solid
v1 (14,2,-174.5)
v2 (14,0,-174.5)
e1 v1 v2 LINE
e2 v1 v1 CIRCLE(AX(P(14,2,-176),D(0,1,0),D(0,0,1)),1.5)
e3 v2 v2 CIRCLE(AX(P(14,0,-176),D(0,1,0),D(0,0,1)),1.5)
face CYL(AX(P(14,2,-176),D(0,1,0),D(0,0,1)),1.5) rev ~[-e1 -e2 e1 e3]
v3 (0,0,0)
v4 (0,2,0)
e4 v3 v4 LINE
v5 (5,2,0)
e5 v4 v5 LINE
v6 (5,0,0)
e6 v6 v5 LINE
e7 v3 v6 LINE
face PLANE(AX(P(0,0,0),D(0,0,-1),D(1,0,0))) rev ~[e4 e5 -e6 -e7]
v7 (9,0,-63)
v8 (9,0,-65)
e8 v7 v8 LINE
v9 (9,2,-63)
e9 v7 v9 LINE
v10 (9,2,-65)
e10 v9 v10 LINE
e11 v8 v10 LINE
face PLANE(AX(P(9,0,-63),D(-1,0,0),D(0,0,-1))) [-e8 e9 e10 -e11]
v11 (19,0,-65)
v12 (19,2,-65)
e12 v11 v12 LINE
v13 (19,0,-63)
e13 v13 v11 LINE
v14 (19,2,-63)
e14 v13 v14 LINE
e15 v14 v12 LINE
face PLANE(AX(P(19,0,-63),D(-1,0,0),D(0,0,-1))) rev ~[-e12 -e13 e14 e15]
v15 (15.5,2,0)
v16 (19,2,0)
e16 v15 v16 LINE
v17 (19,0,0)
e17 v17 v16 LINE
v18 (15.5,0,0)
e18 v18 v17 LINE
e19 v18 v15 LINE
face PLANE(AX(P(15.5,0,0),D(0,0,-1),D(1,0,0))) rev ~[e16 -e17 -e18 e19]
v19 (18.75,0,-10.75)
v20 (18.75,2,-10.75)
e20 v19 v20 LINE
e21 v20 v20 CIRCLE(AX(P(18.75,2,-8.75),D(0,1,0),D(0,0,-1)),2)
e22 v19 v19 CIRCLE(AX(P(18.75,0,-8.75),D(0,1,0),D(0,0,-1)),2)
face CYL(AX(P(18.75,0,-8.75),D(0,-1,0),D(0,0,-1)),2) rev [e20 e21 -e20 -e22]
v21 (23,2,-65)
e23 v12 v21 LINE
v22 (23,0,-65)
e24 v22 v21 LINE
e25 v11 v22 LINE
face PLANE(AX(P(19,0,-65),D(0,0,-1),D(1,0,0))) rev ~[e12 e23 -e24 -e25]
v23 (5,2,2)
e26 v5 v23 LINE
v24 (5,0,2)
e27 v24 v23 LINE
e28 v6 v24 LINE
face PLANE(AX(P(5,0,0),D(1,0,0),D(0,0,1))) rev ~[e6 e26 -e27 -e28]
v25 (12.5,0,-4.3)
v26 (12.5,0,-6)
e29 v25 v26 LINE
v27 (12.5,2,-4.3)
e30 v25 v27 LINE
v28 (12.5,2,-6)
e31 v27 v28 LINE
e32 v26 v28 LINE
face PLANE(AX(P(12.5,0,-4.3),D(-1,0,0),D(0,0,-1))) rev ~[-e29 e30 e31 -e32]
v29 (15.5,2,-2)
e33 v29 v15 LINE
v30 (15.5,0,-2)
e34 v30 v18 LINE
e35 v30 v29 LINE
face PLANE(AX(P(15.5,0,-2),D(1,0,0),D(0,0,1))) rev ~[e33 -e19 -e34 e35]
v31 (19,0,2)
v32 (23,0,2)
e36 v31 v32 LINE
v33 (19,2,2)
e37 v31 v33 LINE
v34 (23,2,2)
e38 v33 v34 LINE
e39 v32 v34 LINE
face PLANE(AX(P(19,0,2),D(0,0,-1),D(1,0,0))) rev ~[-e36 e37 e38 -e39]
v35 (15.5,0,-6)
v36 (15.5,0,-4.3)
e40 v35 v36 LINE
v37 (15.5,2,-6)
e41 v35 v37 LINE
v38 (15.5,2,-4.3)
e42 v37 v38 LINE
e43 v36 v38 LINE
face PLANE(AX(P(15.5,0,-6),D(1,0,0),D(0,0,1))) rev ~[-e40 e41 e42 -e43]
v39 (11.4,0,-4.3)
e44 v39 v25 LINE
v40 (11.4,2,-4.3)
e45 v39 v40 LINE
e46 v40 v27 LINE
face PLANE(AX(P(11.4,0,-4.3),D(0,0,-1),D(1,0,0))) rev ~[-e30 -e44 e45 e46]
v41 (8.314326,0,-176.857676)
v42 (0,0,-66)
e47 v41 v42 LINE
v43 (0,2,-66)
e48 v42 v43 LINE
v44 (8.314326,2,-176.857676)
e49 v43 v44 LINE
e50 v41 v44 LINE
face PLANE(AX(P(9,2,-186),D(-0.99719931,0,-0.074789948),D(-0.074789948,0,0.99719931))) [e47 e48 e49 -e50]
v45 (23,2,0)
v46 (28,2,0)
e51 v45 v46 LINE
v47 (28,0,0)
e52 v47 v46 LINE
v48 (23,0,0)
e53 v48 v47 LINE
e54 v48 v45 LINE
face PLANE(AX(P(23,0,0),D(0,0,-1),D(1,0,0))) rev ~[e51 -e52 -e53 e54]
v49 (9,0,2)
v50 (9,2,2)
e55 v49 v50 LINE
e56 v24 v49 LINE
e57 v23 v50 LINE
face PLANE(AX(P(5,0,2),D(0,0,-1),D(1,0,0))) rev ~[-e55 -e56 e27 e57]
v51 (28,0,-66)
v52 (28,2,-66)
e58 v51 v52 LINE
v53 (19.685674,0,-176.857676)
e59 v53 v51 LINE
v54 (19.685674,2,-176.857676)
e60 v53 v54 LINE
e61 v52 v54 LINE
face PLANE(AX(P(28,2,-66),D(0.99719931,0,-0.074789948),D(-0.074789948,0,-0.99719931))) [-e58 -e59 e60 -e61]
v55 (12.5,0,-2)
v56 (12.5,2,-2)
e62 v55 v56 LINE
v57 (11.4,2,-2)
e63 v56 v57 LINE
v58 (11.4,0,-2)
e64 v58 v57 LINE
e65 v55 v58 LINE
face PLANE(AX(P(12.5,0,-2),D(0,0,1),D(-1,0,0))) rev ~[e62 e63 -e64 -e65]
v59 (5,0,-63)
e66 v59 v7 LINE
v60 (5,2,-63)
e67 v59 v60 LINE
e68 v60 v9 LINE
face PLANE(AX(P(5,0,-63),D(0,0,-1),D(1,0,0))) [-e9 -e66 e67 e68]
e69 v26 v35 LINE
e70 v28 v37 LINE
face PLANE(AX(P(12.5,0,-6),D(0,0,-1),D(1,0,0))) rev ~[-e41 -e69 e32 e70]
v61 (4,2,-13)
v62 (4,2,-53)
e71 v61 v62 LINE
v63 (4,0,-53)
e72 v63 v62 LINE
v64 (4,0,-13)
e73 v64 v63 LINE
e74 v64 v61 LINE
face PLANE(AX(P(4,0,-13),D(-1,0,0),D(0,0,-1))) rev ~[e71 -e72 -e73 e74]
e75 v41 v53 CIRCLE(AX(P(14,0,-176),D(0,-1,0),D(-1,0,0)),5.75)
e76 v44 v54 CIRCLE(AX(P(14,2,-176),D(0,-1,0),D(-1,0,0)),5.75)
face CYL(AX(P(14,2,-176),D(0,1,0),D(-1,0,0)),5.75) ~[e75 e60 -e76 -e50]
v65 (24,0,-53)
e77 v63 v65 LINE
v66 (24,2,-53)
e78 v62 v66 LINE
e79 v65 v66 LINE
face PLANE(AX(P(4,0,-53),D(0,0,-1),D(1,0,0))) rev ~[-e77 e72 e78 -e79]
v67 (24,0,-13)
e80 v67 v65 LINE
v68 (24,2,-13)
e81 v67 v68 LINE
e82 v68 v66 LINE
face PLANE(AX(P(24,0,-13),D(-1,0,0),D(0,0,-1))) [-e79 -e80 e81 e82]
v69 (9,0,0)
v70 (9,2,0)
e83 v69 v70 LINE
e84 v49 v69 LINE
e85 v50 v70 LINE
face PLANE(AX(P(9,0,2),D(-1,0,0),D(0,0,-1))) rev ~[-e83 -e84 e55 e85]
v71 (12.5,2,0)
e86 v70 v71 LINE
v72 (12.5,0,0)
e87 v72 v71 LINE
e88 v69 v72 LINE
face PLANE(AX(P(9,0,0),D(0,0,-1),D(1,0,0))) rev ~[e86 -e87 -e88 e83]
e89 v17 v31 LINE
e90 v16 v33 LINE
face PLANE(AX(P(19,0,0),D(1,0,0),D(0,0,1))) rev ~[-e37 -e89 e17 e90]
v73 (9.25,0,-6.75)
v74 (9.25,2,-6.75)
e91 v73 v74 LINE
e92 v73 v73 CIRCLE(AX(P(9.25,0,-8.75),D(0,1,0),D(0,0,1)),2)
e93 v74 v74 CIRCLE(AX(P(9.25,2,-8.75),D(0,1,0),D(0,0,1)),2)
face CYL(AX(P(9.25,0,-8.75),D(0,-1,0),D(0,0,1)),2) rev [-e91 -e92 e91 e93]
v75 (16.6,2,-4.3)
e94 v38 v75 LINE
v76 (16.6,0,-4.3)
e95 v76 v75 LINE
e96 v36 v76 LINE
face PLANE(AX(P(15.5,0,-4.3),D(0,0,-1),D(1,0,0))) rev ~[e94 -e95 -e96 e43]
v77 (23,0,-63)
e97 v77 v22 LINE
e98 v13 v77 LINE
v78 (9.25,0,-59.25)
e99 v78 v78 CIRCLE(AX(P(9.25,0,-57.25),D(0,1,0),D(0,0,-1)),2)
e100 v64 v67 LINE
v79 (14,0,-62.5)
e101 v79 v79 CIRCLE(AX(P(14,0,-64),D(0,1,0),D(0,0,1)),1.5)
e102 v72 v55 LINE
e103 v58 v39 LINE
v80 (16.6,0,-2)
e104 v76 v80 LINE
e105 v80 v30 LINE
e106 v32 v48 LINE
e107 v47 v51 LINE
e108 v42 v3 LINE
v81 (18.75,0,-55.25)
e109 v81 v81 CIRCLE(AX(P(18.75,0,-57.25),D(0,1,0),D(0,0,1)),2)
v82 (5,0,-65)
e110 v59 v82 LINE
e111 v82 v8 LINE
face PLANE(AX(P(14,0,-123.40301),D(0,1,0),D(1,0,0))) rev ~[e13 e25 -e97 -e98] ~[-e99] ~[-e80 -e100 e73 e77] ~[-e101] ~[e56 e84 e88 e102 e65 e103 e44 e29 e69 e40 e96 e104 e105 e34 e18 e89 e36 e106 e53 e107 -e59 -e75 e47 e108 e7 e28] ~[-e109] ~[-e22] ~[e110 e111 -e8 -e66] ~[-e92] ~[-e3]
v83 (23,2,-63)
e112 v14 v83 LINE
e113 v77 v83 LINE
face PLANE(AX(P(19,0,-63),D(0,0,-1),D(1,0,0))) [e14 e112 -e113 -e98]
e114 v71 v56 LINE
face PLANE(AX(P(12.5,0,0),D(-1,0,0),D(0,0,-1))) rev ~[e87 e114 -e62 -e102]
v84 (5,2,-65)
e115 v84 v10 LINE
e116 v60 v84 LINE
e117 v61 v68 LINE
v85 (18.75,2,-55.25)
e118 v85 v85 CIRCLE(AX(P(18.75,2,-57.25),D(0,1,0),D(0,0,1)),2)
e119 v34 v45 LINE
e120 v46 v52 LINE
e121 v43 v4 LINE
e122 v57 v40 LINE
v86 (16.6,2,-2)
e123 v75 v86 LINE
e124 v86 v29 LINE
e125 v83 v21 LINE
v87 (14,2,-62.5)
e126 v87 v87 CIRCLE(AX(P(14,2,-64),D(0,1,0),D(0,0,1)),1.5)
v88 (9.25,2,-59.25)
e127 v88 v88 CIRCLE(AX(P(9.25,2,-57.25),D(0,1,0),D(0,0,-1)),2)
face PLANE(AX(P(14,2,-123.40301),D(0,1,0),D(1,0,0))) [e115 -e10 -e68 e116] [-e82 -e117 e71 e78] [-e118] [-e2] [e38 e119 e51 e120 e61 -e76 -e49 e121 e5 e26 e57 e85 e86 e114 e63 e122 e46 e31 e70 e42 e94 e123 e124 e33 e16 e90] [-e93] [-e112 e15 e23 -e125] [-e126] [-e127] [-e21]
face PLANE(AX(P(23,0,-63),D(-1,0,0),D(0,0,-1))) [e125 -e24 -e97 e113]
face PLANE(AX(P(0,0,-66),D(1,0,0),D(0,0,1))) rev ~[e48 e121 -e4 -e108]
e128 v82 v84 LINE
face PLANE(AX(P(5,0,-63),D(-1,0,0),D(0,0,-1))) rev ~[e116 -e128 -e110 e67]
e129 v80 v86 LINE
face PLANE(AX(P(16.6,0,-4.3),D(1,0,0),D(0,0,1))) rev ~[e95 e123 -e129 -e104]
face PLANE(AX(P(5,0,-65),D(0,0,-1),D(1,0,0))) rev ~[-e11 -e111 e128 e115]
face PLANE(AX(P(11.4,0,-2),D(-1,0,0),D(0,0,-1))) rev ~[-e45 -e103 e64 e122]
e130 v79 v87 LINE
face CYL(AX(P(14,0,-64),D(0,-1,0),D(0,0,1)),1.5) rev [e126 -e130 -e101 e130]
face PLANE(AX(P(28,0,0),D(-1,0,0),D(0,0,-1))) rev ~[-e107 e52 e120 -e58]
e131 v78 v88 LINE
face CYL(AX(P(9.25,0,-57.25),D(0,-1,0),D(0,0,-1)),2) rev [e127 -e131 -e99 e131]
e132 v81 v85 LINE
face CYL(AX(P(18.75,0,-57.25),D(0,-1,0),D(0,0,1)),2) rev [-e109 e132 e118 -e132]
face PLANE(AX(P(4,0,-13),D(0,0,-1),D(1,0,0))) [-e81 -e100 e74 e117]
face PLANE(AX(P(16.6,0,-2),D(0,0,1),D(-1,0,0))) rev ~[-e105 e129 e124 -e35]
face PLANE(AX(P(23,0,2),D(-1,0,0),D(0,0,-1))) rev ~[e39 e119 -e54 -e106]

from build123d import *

# Parameters (mm, degrees)
SKETCH1_R           = 2
SKETCH1_R_2         = 1.5
SKETCH1_W           = 20
SKETCH1_H           = 40
SKETCH1_W_2         = 4
SKETCH1_H_2         = 2
BOSS_EXTRUDE1_DEPTH = 2
BOSS_EXTRUDE2_DEPTH = 2
SKETCH4_R           = 1.5
CUT_EXTRUDE1_DEPTH  = 2


with BuildPart() as part:
    # Sketch1 → Boss-Extrude1 (new body)
    with BuildSketch(Plane(origin=(0, 0, 0), x_dir=(1, 0, 0), z_dir=(0, 1, 0))):
        Polygon((0, 0), (5, 0), (5, -2), (9, -2), (9, 0), (12.5, 0), (12.5, 2), (11.4, 2), (11.4, 4.3), (12.5, 4.3), (12.5, 6), (15.5, 6), (15.5, 4.3), (16.6, 4.3), (16.6, 2), (15.5, 2), (15.5, 0), (19, 0), (19, -2), (23, -2), (23, 0), (28, 0), (28, 66), (0, 66), align=None)
        with Locations(Location((18.75, 57.25, 0), (0, 0, 270))):
            Circle(SKETCH1_R, mode=Mode.SUBTRACT)
        with Locations(Location((9.25, 57.25, 0), (0, 0, 90))):
            Circle(SKETCH1_R, mode=Mode.SUBTRACT)
        with Locations(Location((18.75, 8.75, 0), (0, 0, 90))):
            Circle(SKETCH1_R, mode=Mode.SUBTRACT)
        with Locations(Location((9.25, 8.75, 0), (0, 0, 270))):
            Circle(SKETCH1_R, mode=Mode.SUBTRACT)
        with Locations(Location((14, 64, 0), (0, 0, 270))):
            Circle(SKETCH1_R_2, mode=Mode.SUBTRACT)
        with Locations((14, 33)):
            Rectangle(SKETCH1_W, SKETCH1_H, mode=Mode.SUBTRACT)
        with Locations((7, 64)):
            Rectangle(SKETCH1_W_2, SKETCH1_H_2, mode=Mode.SUBTRACT)
        with Locations((21, 64)):
            Rectangle(SKETCH1_W_2, SKETCH1_H_2, mode=Mode.SUBTRACT)
    extrude(amount=BOSS_EXTRUDE1_DEPTH)

    # Sketch2 → Boss-Extrude2 (add)
    with BuildSketch(Plane(origin=(0, 2, 0), x_dir=(1, 0, 0), z_dir=(0, 1, 0))):
        with BuildLine():
            Line((9, 186), (0, 66))
            Line((0, 66), (28, 66))
            Line((28, 66), (19, 186))
            ThreePointArc((19, 186), (14, 191), (9, 186))
        make_face()
    extrude(amount=-BOSS_EXTRUDE2_DEPTH)

    # Sketch4 → Cut-Extrude1 (cut)
    with BuildSketch(Plane(origin=(0, 2, 0), x_dir=(1, 0, 0), z_dir=(0, 1, 0))):
        with Locations(Location((14, 176, 0), (0, 0, 270))):
            Circle(SKETCH4_R)
        with BuildLine():
            Line((1.336247038, 176), (8.25, 176))
            ThreePointArc((8.25, 176), (14, 181.75), (19.75, 176))
            Line((19.75, 176), (26.690607085, 176))
            Line((26.690607085, 176), (26.690607085, 198.806068599))
            Line((26.690607085, 198.806068599), (1.336247038, 198.806068599))
            Line((1.336247038, 198.806068599), (1.336247038, 176))
        make_face()
    extrude(amount=-CUT_EXTRUDE1_DEPTH, mode=Mode.SUBTRACT)


solid = part.part
